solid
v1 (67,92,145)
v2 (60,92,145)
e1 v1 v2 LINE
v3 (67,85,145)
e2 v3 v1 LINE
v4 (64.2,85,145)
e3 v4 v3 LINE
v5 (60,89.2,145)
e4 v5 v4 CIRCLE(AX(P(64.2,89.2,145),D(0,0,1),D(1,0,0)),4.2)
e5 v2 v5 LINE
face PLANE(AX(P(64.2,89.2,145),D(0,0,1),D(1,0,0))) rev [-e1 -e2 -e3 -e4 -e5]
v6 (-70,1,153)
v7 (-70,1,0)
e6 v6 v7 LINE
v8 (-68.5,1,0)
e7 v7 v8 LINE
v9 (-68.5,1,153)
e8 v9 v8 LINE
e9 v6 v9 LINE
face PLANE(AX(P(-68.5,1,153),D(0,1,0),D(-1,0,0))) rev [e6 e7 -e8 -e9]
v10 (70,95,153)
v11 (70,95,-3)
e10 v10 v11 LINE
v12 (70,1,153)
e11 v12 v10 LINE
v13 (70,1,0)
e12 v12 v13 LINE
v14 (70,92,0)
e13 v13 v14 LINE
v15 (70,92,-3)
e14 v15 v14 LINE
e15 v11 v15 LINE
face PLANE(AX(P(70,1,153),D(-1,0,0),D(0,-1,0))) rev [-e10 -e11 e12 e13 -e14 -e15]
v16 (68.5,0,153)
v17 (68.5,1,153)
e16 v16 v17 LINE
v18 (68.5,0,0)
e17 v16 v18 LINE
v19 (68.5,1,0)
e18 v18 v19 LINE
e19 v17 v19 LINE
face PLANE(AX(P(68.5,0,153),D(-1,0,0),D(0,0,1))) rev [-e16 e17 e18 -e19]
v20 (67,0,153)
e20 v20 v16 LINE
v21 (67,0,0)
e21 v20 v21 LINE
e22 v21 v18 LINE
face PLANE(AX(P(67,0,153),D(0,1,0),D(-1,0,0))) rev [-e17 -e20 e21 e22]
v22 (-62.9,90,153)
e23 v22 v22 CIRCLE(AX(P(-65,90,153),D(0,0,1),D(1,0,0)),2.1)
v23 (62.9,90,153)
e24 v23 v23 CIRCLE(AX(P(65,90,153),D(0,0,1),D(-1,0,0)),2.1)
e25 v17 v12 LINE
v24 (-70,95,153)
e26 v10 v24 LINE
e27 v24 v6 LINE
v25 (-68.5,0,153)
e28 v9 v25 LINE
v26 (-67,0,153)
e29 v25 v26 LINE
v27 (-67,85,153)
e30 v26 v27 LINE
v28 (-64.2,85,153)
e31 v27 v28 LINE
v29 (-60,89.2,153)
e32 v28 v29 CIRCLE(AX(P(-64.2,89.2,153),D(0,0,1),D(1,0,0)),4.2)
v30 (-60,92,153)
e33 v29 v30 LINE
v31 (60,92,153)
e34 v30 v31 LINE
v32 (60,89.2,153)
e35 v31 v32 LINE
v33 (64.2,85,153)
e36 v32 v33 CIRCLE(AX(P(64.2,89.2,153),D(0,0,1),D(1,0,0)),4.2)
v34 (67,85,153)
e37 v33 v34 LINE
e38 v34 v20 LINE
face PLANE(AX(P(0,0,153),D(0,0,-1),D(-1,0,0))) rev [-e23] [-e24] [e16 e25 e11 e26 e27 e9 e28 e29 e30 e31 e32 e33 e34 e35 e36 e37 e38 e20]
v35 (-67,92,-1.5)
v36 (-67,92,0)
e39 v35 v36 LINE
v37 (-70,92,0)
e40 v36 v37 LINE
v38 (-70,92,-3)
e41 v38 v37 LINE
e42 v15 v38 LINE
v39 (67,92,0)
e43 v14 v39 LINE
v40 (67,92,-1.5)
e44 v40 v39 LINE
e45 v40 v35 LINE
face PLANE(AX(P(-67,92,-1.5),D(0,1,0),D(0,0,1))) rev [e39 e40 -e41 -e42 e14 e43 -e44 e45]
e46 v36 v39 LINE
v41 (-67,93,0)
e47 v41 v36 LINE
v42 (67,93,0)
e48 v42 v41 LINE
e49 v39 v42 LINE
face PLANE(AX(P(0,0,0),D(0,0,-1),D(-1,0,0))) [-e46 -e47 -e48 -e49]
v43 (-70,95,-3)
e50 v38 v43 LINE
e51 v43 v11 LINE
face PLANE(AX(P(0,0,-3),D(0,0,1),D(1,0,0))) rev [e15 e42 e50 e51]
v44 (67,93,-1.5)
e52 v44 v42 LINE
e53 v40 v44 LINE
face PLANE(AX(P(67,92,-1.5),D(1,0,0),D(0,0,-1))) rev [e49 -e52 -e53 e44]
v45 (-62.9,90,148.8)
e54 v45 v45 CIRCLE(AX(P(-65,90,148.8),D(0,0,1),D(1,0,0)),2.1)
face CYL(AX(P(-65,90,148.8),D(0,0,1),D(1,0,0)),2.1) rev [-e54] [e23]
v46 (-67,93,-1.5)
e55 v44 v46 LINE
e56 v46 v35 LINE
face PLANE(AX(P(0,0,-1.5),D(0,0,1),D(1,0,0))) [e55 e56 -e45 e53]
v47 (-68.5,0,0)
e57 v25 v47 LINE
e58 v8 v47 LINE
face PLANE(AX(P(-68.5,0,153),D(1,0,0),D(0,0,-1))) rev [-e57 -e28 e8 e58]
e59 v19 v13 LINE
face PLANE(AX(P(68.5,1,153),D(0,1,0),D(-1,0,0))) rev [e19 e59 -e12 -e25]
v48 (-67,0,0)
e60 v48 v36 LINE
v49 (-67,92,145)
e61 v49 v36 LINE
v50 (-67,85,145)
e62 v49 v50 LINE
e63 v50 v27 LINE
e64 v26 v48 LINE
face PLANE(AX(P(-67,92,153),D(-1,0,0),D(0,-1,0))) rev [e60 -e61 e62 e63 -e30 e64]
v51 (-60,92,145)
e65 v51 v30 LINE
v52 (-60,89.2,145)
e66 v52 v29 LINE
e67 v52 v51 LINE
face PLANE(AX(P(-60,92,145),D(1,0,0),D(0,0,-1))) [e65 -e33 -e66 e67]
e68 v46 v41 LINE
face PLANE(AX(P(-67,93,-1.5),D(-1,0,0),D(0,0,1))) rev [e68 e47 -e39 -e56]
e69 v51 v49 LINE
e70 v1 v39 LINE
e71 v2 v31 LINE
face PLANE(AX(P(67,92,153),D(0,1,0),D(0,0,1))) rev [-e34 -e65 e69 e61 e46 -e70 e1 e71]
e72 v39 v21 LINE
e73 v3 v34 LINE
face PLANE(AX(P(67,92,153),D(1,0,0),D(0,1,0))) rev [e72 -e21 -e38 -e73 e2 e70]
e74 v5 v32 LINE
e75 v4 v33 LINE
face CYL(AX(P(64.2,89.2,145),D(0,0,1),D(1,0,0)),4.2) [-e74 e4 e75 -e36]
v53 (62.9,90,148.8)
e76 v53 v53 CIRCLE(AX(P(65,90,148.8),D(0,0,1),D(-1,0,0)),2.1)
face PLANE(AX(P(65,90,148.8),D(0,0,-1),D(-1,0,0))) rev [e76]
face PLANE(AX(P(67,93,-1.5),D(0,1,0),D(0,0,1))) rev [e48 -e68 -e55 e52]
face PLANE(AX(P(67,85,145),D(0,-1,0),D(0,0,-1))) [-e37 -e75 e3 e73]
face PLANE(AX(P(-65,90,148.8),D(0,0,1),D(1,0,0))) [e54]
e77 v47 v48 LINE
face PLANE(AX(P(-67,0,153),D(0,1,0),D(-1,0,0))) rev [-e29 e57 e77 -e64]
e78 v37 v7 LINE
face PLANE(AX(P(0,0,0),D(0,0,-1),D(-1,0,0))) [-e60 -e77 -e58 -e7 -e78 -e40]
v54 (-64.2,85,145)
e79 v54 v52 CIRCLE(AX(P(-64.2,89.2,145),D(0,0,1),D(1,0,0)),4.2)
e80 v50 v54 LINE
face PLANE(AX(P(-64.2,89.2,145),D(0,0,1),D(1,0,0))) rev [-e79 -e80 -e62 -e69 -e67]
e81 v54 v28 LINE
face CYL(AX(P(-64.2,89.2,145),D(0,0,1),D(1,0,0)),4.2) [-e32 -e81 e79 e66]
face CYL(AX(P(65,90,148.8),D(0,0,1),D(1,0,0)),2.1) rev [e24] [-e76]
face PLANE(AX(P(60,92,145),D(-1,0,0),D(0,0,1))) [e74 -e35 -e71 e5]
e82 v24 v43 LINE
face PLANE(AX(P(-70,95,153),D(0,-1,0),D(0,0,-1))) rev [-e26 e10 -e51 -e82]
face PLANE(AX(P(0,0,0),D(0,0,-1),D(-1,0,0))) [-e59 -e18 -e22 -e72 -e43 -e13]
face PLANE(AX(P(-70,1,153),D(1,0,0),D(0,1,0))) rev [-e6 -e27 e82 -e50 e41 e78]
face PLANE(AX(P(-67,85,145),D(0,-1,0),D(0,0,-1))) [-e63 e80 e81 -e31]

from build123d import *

# Parameters (mm, degrees)
EXTRUDE_1_DEPTH     = 153
EXTRUDE_2_DEPTH     = 1.5
SKETCH_3_W          = 140
SKETCH_3_H          = 3
EXTRUDE_3_DEPTH     = 1.5
EXTRUDE_4_DEPTH     = 8
SKETCH_5_R          = 2.1
CUT_EXTRUDE_1_DEPTH = 4.2


with BuildPart() as part:
    # Эскиз1 → Бобышка-Вытянуть1 (new body)
    with BuildSketch(Plane.XY):
        Polygon((-70, 1), (-70, 95), (70, 95), (70, 1), (68.5, 1), (68.5, 0), (67, 0), (67, 92), (-67, 92), (-67, 0), (-68.5, 0), (-68.5, 1), align=None)
    extrude(amount=EXTRUDE_1_DEPTH)

    # Эскиз2 → Бобышка-Вытянуть2 (add)
    with BuildSketch(Plane(origin=(0, 0, 0), x_dir=(-1, 0, 0), z_dir=(0, 0, -1))):
        Polygon((-70, 92), (-70, 95), (70, 95), (70, 93), (70, 92), (67, 92), (67, 93), (-67, 93), (-67, 92), align=None)
    extrude(amount=EXTRUDE_2_DEPTH)

    # Эскиз3 → Бобышка-Вытянуть3 (add)
    with BuildSketch(Plane(origin=(0, 0, -1.5), x_dir=(-1, 0, 0), z_dir=(0, 0, -1))):
        with Locations((0, 93.5)):
            Rectangle(SKETCH_3_W, SKETCH_3_H)
    extrude(amount=EXTRUDE_3_DEPTH)

    # Эскиз4 → Бобышка-Вытянуть4 (add)
    with BuildSketch(Plane.XY.offset(153)):
        with BuildLine():
            Line((-67, 92), (-60, 92))
            Line((-60, 92), (-60, 89.2))
            ThreePointArc((-60, 89.2), (-61.230151519, 86.230151519), (-64.2, 85))
            Line((-64.2, 85), (-67, 85))
            Line((-67, 85), (-67, 92))
        make_face()
        with BuildLine():
            Line((60, 92), (60, 89.2))
            ThreePointArc((60, 89.2), (61.230151519, 86.230151519), (64.2, 85))
            Line((64.2, 85), (67, 85))
            Line((67, 85), (67, 92))
            Line((67, 92), (60, 92))
        make_face()
    extrude(amount=-EXTRUDE_4_DEPTH)

    # Эскиз5 → Вырез-Вытянуть1 (cut)
    with BuildSketch(Plane.XY.offset(153)):
        with Locations((-65, 90)):
            Circle(SKETCH_5_R)
        with Locations(Location((65, 90, 0), (0, 0, 180))):
            Circle(SKETCH_5_R)
    extrude(amount=-CUT_EXTRUDE_1_DEPTH, mode=Mode.SUBTRACT)


solid = part.part
